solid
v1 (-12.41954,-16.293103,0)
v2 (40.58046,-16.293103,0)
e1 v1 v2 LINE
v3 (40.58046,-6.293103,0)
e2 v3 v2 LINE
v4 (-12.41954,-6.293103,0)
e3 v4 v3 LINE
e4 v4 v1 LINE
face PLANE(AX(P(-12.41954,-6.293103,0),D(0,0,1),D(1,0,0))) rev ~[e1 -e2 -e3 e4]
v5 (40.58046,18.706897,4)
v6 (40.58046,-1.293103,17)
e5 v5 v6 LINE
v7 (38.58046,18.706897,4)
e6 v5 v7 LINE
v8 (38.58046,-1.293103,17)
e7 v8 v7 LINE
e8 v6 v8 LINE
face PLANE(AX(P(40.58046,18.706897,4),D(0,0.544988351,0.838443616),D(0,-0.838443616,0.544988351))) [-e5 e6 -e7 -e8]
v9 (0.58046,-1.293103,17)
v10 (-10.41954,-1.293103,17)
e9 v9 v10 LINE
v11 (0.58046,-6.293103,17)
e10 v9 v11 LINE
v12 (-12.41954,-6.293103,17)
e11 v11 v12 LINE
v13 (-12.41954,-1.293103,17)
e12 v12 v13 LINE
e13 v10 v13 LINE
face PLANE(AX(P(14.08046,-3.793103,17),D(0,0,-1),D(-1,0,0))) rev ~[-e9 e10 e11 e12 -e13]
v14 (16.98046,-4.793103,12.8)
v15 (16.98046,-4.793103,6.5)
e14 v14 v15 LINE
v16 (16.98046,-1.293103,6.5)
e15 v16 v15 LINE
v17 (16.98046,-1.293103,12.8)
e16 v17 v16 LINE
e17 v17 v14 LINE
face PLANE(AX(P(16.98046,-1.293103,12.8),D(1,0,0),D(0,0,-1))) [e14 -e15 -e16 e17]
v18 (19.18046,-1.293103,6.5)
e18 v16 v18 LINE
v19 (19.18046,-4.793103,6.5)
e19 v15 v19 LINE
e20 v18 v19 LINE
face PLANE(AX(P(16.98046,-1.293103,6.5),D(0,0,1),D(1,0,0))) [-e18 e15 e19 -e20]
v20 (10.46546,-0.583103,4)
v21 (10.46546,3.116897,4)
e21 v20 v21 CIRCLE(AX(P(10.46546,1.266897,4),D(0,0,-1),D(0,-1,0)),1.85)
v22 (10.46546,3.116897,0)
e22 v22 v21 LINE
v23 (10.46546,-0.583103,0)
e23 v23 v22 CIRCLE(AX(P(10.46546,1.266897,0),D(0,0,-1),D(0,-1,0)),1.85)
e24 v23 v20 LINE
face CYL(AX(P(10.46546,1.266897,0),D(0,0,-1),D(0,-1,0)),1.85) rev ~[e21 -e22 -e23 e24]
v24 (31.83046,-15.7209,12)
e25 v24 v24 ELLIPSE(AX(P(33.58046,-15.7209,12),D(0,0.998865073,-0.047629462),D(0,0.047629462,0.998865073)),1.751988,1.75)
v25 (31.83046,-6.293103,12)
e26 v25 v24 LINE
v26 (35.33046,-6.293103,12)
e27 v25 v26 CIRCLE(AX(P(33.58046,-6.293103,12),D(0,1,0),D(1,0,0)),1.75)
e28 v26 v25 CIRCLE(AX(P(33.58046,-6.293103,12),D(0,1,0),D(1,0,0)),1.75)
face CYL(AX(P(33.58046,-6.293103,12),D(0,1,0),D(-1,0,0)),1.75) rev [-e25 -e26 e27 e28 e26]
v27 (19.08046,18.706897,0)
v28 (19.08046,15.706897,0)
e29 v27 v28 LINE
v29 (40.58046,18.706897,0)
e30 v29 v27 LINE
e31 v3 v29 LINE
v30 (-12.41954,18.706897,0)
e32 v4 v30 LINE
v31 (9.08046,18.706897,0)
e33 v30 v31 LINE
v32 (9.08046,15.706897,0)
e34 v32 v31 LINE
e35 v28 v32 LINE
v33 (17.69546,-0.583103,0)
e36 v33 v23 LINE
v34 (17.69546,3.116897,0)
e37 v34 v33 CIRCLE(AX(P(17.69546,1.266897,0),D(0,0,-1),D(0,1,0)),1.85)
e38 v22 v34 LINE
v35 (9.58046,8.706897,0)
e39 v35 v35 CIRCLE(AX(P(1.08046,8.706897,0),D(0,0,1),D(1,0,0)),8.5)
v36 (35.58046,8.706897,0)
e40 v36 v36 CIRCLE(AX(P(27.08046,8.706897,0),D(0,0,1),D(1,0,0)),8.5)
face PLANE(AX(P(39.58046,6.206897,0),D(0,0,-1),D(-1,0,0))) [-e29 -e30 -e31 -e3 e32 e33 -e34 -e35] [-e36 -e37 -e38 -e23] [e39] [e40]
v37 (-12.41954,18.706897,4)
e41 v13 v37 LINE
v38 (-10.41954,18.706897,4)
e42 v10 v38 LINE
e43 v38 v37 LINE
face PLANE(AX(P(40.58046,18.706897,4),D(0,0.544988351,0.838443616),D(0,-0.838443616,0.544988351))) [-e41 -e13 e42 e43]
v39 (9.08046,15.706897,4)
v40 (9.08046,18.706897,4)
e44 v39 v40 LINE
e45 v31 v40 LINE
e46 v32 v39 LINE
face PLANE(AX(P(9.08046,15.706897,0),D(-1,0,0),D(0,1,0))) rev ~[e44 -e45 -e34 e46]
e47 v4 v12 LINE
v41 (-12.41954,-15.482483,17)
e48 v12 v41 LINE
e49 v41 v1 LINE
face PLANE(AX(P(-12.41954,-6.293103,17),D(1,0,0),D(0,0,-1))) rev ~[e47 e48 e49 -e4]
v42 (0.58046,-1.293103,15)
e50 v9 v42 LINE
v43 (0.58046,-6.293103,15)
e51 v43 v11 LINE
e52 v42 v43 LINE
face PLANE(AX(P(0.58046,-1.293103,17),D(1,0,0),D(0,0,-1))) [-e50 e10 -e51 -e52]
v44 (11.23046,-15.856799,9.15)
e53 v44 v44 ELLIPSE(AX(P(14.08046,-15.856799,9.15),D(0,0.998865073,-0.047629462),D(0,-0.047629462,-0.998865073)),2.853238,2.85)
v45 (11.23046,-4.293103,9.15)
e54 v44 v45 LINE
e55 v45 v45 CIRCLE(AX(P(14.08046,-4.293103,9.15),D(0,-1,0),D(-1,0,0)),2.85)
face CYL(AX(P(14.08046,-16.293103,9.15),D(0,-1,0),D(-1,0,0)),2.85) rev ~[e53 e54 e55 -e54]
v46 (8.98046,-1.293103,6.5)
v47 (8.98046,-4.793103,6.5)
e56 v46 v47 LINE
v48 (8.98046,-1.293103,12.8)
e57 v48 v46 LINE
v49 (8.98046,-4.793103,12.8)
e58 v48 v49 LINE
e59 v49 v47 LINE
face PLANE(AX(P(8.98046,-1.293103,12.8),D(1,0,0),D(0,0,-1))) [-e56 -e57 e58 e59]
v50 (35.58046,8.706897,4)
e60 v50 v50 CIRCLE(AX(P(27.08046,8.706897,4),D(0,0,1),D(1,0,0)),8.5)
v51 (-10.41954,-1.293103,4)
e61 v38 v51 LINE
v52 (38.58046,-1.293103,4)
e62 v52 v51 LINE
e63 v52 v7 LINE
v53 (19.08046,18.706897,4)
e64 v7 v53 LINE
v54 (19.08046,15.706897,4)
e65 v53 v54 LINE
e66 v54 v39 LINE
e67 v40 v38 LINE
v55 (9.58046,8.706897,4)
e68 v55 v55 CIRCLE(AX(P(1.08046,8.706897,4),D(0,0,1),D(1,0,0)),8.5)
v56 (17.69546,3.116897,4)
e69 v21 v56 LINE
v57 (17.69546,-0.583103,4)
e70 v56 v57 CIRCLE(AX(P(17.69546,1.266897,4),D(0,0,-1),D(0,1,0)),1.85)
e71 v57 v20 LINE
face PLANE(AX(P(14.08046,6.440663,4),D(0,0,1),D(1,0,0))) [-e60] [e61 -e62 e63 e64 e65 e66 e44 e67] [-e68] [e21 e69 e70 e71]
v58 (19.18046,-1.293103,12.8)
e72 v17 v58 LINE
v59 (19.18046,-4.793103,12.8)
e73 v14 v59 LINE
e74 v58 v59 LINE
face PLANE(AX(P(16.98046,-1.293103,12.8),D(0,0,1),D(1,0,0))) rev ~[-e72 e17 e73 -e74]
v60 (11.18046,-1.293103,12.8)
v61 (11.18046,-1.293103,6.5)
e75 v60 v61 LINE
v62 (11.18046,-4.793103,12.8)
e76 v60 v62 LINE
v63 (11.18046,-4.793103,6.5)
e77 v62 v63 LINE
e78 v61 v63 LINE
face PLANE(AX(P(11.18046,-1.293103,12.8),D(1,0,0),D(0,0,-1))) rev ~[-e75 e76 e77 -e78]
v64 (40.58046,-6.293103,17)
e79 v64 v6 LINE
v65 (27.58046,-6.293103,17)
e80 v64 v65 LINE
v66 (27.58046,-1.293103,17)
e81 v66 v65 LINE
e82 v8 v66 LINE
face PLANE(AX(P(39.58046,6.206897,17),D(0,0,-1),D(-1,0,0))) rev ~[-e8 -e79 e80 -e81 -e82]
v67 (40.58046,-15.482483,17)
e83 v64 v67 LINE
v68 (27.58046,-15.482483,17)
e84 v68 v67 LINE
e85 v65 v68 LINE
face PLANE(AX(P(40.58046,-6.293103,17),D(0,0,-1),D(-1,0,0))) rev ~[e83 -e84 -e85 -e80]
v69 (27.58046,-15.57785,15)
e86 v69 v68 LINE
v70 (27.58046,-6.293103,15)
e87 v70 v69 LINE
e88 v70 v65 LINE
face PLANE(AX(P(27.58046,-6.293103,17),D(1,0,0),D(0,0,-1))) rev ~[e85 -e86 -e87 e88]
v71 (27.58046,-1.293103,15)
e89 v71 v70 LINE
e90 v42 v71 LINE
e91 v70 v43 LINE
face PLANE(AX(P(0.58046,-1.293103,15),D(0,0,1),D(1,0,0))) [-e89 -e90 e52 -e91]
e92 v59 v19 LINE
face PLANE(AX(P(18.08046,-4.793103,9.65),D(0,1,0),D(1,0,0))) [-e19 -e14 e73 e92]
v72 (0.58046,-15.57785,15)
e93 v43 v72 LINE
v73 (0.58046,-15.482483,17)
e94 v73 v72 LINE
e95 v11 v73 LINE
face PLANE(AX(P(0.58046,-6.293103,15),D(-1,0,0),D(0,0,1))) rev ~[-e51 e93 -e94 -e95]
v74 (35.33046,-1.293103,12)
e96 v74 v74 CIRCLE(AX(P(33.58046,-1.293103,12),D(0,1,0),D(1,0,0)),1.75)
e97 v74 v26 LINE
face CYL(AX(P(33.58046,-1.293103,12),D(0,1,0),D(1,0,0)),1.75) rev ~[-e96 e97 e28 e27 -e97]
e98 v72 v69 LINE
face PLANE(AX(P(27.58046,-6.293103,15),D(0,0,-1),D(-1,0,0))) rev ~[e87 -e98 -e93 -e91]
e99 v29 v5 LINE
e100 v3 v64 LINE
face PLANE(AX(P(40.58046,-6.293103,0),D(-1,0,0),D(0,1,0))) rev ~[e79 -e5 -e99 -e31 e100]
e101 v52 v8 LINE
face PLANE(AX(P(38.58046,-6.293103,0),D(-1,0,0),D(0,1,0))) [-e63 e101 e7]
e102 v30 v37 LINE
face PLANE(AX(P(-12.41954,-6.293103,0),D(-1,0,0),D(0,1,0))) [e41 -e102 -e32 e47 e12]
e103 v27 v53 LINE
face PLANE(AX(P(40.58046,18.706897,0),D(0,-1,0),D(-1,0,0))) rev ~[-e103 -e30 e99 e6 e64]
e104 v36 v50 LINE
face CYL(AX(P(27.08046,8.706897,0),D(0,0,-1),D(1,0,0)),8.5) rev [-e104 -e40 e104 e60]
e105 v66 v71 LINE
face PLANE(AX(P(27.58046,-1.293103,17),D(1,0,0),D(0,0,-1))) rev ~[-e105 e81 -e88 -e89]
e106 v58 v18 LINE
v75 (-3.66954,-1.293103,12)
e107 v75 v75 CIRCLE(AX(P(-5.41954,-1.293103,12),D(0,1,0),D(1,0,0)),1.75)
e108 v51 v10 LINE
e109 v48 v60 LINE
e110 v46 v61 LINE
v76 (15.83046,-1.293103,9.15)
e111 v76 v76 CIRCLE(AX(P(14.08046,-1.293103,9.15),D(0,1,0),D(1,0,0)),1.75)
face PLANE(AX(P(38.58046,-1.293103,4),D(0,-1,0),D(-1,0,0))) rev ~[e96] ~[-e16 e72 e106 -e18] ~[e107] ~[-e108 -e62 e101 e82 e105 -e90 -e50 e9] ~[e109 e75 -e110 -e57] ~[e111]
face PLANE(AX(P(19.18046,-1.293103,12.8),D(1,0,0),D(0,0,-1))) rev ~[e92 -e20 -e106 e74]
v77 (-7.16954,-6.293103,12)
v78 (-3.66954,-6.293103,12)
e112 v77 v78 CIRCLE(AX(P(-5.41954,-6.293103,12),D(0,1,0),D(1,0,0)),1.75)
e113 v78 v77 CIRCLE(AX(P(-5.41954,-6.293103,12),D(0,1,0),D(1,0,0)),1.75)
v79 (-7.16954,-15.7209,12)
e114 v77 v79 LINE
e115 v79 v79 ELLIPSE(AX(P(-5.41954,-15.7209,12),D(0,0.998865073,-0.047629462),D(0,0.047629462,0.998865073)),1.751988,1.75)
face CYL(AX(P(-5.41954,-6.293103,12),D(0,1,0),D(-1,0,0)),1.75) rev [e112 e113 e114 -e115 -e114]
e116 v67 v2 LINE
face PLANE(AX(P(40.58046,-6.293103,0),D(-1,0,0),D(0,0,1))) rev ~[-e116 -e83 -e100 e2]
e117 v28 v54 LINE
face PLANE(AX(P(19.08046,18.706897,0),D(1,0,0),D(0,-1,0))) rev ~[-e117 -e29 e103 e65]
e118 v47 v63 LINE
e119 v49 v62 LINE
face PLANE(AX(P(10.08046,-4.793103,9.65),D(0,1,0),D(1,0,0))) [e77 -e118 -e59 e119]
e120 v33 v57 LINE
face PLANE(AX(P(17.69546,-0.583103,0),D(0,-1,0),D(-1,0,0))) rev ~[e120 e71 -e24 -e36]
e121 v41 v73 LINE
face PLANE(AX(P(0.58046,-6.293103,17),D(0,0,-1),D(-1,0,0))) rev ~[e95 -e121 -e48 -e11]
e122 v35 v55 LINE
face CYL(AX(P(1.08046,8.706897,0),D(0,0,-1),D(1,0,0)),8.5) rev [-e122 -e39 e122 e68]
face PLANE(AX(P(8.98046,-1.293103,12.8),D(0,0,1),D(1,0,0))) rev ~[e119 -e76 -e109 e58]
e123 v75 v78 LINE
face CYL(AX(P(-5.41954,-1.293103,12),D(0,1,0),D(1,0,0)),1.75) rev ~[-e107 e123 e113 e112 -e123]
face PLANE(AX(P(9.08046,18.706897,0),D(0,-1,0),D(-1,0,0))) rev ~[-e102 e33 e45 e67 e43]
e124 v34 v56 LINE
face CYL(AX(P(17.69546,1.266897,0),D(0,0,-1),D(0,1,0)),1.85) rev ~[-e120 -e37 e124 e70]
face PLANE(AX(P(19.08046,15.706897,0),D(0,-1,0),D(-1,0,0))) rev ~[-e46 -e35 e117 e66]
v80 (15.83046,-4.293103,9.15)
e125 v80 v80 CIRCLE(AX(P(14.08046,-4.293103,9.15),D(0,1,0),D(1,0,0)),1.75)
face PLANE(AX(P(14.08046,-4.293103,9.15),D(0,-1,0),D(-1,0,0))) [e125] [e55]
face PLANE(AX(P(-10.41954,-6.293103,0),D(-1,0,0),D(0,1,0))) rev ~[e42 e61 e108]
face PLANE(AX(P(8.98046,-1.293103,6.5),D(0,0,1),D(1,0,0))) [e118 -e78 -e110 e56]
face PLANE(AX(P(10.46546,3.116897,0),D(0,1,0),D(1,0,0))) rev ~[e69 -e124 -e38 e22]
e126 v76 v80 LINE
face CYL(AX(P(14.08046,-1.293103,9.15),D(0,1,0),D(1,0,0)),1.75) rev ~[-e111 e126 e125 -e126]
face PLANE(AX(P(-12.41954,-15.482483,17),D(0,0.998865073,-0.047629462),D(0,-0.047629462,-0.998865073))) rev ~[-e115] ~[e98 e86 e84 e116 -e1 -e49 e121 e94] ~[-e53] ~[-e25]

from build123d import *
from build123d.topology import SkipClean

# Parameters (mm, degrees)
SKETCH1_R           = 8.5
BOSS_EXTRUDE1_DEPTH = 4
BOSS_EXTRUDE2_DEPTH = 13
SKETCH3_W           = 2.2
SKETCH3_H           = 6.3
CUT_EXTRUDE1_DEPTH  = 3.5
SKETCH4_R           = 1.75
CUT_EXTRUDE2_DEPTH  = 47.663174732
SKETCH6_W           = 27
SKETCH6_H           = 2
CUT_EXTRUDE4_DEPTH  = 47.663174732
SKETCH7_W           = 2
SKETCH7_H           = 25
BOSS_EXTRUDE3_DEPTH = 17
CUT_EXTRUDE5_DEPTH  = 72
SKETCH9_R           = 1.75
BOSS_EXTRUDE4_DEPTH = 10
SKETCH10_R          = 2.85
CUT_EXTRUDE6_DEPTH  = 12
CUT_EXTRUDE7_DEPTH  = 54


with BuildPart() as part:
    # Sketch1 → Boss-Extrude1 (new body)
    with BuildSketch(Plane.XY):
        Polygon((-10.41954023, 18.706896552), (-10.41954023, -6.293103448), (38.58045977, -6.293103448), (38.58045977, 18.706896552), (19.08045977, 18.706896552), (19.08045977, 15.706896552), (14.08045977, 15.706896552), (9.08045977, 15.706896552), (9.08045977, 18.706896552), align=None)
        with BuildLine():
            ThreePointArc((10.46545977, -0.583103448), (8.61545977, 1.266896552), (10.46545977, 3.116896552))
            Line((10.46545977, 3.116896552), (17.69545977, 3.116896552))
            ThreePointArc((17.69545977, 3.116896552), (19.54545977, 1.266896552), (17.69545977, -0.583103448))
            Line((17.69545977, -0.583103448), (10.46545977, -0.583103448))
        make_face(mode=Mode.SUBTRACT)
        with Locations((1.08045977, 8.706896552)):
            Circle(SKETCH1_R, mode=Mode.SUBTRACT)
        with Locations((27.08045977, 8.706896552)):
            Circle(SKETCH1_R, mode=Mode.SUBTRACT)
    extrude(amount=BOSS_EXTRUDE1_DEPTH)

    # Sketch2 → Boss-Extrude2 (add)
    with BuildSketch(Plane.XY.offset(4)):
        Polygon((14.08045977, -1.293103448), (38.58045977, -1.293103448), (38.58045977, -6.293103448), (-10.41954023, -6.293103448), (-10.41954023, -1.293103448), align=None)
    extrude(amount=BOSS_EXTRUDE2_DEPTH)

    # Sketch3 → Cut-Extrude1 (cut)
    with BuildSketch(Plane(origin=(0, -1.293103448, 0), x_dir=(1, 0, 0), z_dir=(0, 1, 0))):
        with Locations((10.08045977, -9.65)):
            Rectangle(SKETCH3_W, SKETCH3_H)
        with Locations((18.08045977, -9.65)):
            Rectangle(SKETCH3_W, SKETCH3_H)
    extrude(amount=-CUT_EXTRUDE1_DEPTH, mode=Mode.SUBTRACT)

    # Sketch4 → Cut-Extrude2 (cut, through all)
    with BuildSketch(Plane(origin=(0, -1.293103448, 0), x_dir=(1, 0, 0), z_dir=(0, 1, 0))):
        with Locations((14.08045977, -9.15)):
            Circle(SKETCH4_R)
        with Locations((33.58045977, -12)):
            Circle(SKETCH4_R)
        with Locations((-5.41954023, -12)):
            Circle(SKETCH4_R)
    extrude(amount=-CUT_EXTRUDE2_DEPTH, mode=Mode.SUBTRACT)

    # Sketch6 → Cut-Extrude4 (cut, through all)
    with BuildSketch(Plane(origin=(0, -1.293103448, 0), x_dir=(1, 0, 0), z_dir=(0, 1, 0))):
        with Locations((14.08045977, -16)):
            Rectangle(SKETCH6_W, SKETCH6_H)
    extrude(amount=-CUT_EXTRUDE4_DEPTH, mode=Mode.SUBTRACT)

    # Sketch7 → Boss-Extrude3 (add)
    with BuildSketch(Plane(origin=(0, 0, 0), x_dir=(-1, 0, 0), z_dir=(0, 0, -1))):
        with Locations((-39.58045977, 6.206896552)):
            Rectangle(SKETCH7_W, SKETCH7_H)
        with Locations((11.41954023, 6.206896552)):
            Rectangle(SKETCH7_W, SKETCH7_H)
    extrude(amount=-BOSS_EXTRUDE3_DEPTH)

    # Sketch8 → Cut-Extrude5 (cut)
    with BuildSketch(Plane(origin=(40.58045977, 0, 0), x_dir=(0, 0, -1), z_dir=(1, 0, 0))):
        Polygon((-4, 18.706896552), (-17, -1.293103448), (-17, 18.706896552), align=None)
    extrude(amount=-CUT_EXTRUDE5_DEPTH, mode=Mode.SUBTRACT)

    # Sketch9 → Boss-Extrude4 (add)
    with SkipClean():  # the faces are left unmerged after this step: merging them gives an invalid solid
        with BuildSketch(Plane(origin=(0, -6.293103448, 0), x_dir=(-1, 0, 0), z_dir=(0, -1, 0))):
            Polygon((-40.58045977, 0), (-40.58045977, -17), (-27.58045977, -17), (-27.58045977, -15), (-0.58045977, -15), (-0.58045977, -17), (12.41954023, -17), (12.41954023, 0), align=None)
            with Locations((5.41954023, -12)):
                Circle(SKETCH9_R, mode=Mode.SUBTRACT)
            with Locations((-14.08045977, -9.15)):
                Circle(SKETCH9_R, mode=Mode.SUBTRACT)
            with Locations((-33.58045977, -12)):
                Circle(SKETCH9_R, mode=Mode.SUBTRACT)
        extrude(amount=BOSS_EXTRUDE4_DEPTH)

    # Sketch10 → Cut-Extrude6 (cut)
    with SkipClean():  # the faces are left unmerged after this step: merging them gives an invalid solid
        with BuildSketch(Plane(origin=(0, -16.293103448, 0), x_dir=(-1, 0, 0), z_dir=(0, -1, 0))):
            with Locations((-14.08045977, -9.15)):
                Circle(SKETCH10_R)
        extrude(amount=-CUT_EXTRUDE6_DEPTH, mode=Mode.SUBTRACT)

    # Sketch11 → Cut-Extrude7 (cut)
    with SkipClean():  # the faces are left unmerged after this step: merging them gives an invalid solid
        with BuildSketch(Plane.ZY.offset(12.41954023)):
            Polygon((17, -16.293103448), (17, -15.482482603), (0, -16.293103448), align=None)
        extrude(amount=-CUT_EXTRUDE7_DEPTH, mode=Mode.SUBTRACT)


solid = part.part
